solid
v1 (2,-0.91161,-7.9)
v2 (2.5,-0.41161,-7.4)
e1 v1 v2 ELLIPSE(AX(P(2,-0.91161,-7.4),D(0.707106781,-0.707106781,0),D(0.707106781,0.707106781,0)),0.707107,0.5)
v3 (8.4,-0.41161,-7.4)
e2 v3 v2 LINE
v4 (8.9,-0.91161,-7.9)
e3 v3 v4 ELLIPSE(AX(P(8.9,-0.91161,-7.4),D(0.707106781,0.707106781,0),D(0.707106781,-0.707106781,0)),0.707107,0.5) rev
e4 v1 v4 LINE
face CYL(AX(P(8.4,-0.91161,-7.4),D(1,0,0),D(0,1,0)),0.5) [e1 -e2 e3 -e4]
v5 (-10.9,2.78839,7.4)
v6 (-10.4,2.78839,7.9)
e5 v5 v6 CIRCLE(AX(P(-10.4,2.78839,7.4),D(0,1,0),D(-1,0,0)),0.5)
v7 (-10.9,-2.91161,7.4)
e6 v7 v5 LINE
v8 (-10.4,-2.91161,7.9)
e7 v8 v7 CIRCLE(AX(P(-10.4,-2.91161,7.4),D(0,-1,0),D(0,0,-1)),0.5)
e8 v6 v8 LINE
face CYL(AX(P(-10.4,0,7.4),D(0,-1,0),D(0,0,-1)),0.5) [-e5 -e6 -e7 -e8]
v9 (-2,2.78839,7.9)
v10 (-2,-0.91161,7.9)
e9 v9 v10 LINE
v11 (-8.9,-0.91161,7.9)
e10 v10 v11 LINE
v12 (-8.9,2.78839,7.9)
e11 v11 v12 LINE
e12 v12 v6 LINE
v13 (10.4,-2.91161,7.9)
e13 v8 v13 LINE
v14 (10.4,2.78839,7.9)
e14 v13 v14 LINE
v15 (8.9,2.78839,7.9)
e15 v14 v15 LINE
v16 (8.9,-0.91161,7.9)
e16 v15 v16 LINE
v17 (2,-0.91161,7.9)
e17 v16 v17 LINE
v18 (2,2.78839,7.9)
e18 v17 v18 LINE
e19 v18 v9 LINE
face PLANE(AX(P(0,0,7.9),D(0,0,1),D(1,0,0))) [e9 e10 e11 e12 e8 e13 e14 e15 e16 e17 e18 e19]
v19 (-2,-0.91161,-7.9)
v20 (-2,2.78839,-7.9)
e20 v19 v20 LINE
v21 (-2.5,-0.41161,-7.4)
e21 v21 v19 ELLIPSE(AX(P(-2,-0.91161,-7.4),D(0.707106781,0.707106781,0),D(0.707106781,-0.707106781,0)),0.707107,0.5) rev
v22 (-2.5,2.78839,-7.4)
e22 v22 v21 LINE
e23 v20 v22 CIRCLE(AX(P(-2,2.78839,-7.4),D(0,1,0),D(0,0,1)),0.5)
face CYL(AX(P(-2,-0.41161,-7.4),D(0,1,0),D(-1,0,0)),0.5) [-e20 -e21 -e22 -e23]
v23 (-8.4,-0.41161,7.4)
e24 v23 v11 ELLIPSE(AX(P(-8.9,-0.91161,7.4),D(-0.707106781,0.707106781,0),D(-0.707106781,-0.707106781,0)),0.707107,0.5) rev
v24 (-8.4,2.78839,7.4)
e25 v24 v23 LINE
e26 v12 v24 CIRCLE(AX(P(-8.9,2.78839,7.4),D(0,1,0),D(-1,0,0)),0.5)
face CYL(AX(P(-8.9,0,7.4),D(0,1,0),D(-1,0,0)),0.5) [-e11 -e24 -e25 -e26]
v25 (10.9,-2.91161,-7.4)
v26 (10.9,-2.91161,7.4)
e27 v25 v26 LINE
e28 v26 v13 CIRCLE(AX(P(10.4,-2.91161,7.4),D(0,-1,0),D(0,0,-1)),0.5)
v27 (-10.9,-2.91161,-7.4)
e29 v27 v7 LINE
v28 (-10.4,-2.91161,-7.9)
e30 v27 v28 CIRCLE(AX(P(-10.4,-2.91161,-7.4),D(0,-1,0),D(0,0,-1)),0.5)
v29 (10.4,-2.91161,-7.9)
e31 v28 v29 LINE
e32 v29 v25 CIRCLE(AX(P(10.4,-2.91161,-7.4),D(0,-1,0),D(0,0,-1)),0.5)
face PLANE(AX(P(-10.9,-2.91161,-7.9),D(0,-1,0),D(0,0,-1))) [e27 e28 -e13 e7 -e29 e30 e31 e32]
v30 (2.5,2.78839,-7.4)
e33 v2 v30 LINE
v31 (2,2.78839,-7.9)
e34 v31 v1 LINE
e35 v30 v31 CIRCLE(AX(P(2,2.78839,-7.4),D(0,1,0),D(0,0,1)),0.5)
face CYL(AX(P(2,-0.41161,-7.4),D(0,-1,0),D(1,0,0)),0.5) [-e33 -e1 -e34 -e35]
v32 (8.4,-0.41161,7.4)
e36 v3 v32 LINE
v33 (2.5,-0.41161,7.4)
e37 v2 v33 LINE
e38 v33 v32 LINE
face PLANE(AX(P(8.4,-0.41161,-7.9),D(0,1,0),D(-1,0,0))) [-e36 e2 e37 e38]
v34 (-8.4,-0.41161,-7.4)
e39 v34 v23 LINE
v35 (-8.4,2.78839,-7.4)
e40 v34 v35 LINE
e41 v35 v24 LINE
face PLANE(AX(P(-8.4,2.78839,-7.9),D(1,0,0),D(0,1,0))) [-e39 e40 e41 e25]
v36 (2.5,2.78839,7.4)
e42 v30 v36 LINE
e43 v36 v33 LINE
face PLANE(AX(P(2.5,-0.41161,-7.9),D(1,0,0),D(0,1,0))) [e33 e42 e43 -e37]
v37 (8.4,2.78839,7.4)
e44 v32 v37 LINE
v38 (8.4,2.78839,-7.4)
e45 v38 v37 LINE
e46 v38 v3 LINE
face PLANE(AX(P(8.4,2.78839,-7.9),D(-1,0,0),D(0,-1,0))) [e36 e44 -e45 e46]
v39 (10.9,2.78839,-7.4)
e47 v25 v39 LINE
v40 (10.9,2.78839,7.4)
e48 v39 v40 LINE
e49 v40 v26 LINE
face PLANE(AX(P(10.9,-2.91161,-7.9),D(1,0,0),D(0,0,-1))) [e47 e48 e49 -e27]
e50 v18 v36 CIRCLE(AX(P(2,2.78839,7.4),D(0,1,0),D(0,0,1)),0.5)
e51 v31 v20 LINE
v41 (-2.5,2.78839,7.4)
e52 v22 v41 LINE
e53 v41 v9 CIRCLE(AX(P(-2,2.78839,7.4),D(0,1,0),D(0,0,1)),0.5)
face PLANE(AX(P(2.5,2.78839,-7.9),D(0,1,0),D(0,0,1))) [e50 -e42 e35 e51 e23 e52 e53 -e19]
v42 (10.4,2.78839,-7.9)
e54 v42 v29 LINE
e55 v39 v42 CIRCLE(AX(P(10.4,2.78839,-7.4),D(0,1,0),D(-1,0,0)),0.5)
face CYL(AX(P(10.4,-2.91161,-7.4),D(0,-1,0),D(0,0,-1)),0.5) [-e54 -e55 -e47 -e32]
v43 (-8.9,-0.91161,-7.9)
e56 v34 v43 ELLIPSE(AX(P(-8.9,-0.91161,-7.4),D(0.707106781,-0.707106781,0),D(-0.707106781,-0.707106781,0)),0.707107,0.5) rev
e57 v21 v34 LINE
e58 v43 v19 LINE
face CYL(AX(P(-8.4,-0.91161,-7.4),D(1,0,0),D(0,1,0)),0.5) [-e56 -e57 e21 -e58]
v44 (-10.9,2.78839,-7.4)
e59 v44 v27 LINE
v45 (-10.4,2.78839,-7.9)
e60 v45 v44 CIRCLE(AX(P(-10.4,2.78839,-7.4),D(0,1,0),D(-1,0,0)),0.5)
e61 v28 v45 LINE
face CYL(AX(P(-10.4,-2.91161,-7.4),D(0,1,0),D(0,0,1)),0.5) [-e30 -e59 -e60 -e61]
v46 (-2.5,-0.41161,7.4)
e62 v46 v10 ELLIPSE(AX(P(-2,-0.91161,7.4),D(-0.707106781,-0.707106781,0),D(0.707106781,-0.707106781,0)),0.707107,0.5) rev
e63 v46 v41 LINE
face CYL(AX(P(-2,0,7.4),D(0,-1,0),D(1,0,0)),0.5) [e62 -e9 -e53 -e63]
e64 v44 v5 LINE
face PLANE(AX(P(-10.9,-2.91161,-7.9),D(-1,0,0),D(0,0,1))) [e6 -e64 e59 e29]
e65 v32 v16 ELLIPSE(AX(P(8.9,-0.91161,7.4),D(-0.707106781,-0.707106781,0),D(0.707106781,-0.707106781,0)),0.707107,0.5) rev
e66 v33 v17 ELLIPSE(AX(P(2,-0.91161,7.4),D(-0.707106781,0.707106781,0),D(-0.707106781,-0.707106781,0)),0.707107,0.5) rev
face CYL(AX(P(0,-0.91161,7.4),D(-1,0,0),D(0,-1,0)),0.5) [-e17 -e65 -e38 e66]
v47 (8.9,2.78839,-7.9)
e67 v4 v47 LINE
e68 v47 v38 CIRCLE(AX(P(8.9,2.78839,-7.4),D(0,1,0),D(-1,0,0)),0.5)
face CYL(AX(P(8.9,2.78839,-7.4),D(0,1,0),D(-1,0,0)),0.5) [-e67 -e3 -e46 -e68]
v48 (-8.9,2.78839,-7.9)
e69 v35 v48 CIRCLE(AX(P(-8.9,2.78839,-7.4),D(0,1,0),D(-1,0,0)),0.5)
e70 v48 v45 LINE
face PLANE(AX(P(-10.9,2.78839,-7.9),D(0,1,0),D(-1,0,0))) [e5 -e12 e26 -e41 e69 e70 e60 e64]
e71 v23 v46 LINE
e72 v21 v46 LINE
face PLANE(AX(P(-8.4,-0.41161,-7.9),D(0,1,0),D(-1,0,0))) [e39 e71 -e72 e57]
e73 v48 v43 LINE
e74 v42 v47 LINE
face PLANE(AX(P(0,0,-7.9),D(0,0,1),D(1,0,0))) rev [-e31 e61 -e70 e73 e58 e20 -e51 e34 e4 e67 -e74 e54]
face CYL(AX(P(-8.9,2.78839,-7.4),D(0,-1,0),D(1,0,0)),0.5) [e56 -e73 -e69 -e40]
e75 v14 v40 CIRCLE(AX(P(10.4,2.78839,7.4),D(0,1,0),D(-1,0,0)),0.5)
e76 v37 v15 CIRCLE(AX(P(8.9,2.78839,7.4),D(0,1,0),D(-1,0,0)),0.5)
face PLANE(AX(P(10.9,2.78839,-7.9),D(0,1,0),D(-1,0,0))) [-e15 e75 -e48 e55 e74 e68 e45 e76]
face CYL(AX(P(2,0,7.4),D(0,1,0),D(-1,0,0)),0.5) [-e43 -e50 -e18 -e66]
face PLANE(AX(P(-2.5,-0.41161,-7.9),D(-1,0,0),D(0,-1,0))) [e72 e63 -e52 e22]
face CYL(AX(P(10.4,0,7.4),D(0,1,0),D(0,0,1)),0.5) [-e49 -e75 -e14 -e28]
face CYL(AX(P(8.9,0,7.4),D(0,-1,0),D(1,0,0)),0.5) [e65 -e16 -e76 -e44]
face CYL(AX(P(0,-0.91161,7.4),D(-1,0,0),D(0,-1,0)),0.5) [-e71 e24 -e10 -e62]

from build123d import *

# Parameters (mm, degrees)
EXTRUDE_1_DEPTH      = 7.9
EXTRUDE_1_DEPTH_BACK = 7.9
FILLET_1_R           = 0.5


with BuildPart() as part:
    # Эскиз1 → Бобышка-Вытянуть1 (new, two sides: drawn at the far end of the back side and taken through both)
    with BuildSketch(Plane.XY.offset(-EXTRUDE_1_DEPTH_BACK)):
        Polygon((-10.9, -2.911609978), (10.9, -2.911609978), (10.9, 2.788390022), (8.4, 2.788390022), (8.4, -0.411609978), (2.5, -0.411609978), (2.5, 2.788390022), (-2.5, 2.788390022), (-2.5, -0.411609978), (-8.4, -0.411609978), (-8.4, 2.788390022), (-10.9, 2.788390022), align=None)
    extrude(amount=EXTRUDE_1_DEPTH + EXTRUDE_1_DEPTH_BACK)

    # Скругление1
    fillet_1_edges = [part.edges().sort_by_distance(p)[0] for p in [
        (-10.9, -0.061609978, -7.9),
        (10.9, -0.061609978, -7.9),
        (8.4, 1.188390022, -7.9),
        (5.45, -0.411609978, -7.9),
        (2.5, 1.188390022, -7.9),
        (-5.45, -0.411609978, 7.9),
        (-8.4, 1.188390022, 7.9),
        (-10.9, -0.061609978, 7.9),
        (10.9, -0.061609978, 7.9),
        (8.4, 1.188390022, 7.9),
        (5.45, -0.411609978, 7.9),
        (2.5, 1.188390022, 7.9),
        (-2.5, 1.188390022, 7.9),
        (-2.5, 1.188390022, -7.9),
        (-5.45, -0.411609978, -7.9),
        (-8.4, 1.188390022, -7.9),
    ]]
    fillet(fillet_1_edges, radius=FILLET_1_R)


solid = part.part
